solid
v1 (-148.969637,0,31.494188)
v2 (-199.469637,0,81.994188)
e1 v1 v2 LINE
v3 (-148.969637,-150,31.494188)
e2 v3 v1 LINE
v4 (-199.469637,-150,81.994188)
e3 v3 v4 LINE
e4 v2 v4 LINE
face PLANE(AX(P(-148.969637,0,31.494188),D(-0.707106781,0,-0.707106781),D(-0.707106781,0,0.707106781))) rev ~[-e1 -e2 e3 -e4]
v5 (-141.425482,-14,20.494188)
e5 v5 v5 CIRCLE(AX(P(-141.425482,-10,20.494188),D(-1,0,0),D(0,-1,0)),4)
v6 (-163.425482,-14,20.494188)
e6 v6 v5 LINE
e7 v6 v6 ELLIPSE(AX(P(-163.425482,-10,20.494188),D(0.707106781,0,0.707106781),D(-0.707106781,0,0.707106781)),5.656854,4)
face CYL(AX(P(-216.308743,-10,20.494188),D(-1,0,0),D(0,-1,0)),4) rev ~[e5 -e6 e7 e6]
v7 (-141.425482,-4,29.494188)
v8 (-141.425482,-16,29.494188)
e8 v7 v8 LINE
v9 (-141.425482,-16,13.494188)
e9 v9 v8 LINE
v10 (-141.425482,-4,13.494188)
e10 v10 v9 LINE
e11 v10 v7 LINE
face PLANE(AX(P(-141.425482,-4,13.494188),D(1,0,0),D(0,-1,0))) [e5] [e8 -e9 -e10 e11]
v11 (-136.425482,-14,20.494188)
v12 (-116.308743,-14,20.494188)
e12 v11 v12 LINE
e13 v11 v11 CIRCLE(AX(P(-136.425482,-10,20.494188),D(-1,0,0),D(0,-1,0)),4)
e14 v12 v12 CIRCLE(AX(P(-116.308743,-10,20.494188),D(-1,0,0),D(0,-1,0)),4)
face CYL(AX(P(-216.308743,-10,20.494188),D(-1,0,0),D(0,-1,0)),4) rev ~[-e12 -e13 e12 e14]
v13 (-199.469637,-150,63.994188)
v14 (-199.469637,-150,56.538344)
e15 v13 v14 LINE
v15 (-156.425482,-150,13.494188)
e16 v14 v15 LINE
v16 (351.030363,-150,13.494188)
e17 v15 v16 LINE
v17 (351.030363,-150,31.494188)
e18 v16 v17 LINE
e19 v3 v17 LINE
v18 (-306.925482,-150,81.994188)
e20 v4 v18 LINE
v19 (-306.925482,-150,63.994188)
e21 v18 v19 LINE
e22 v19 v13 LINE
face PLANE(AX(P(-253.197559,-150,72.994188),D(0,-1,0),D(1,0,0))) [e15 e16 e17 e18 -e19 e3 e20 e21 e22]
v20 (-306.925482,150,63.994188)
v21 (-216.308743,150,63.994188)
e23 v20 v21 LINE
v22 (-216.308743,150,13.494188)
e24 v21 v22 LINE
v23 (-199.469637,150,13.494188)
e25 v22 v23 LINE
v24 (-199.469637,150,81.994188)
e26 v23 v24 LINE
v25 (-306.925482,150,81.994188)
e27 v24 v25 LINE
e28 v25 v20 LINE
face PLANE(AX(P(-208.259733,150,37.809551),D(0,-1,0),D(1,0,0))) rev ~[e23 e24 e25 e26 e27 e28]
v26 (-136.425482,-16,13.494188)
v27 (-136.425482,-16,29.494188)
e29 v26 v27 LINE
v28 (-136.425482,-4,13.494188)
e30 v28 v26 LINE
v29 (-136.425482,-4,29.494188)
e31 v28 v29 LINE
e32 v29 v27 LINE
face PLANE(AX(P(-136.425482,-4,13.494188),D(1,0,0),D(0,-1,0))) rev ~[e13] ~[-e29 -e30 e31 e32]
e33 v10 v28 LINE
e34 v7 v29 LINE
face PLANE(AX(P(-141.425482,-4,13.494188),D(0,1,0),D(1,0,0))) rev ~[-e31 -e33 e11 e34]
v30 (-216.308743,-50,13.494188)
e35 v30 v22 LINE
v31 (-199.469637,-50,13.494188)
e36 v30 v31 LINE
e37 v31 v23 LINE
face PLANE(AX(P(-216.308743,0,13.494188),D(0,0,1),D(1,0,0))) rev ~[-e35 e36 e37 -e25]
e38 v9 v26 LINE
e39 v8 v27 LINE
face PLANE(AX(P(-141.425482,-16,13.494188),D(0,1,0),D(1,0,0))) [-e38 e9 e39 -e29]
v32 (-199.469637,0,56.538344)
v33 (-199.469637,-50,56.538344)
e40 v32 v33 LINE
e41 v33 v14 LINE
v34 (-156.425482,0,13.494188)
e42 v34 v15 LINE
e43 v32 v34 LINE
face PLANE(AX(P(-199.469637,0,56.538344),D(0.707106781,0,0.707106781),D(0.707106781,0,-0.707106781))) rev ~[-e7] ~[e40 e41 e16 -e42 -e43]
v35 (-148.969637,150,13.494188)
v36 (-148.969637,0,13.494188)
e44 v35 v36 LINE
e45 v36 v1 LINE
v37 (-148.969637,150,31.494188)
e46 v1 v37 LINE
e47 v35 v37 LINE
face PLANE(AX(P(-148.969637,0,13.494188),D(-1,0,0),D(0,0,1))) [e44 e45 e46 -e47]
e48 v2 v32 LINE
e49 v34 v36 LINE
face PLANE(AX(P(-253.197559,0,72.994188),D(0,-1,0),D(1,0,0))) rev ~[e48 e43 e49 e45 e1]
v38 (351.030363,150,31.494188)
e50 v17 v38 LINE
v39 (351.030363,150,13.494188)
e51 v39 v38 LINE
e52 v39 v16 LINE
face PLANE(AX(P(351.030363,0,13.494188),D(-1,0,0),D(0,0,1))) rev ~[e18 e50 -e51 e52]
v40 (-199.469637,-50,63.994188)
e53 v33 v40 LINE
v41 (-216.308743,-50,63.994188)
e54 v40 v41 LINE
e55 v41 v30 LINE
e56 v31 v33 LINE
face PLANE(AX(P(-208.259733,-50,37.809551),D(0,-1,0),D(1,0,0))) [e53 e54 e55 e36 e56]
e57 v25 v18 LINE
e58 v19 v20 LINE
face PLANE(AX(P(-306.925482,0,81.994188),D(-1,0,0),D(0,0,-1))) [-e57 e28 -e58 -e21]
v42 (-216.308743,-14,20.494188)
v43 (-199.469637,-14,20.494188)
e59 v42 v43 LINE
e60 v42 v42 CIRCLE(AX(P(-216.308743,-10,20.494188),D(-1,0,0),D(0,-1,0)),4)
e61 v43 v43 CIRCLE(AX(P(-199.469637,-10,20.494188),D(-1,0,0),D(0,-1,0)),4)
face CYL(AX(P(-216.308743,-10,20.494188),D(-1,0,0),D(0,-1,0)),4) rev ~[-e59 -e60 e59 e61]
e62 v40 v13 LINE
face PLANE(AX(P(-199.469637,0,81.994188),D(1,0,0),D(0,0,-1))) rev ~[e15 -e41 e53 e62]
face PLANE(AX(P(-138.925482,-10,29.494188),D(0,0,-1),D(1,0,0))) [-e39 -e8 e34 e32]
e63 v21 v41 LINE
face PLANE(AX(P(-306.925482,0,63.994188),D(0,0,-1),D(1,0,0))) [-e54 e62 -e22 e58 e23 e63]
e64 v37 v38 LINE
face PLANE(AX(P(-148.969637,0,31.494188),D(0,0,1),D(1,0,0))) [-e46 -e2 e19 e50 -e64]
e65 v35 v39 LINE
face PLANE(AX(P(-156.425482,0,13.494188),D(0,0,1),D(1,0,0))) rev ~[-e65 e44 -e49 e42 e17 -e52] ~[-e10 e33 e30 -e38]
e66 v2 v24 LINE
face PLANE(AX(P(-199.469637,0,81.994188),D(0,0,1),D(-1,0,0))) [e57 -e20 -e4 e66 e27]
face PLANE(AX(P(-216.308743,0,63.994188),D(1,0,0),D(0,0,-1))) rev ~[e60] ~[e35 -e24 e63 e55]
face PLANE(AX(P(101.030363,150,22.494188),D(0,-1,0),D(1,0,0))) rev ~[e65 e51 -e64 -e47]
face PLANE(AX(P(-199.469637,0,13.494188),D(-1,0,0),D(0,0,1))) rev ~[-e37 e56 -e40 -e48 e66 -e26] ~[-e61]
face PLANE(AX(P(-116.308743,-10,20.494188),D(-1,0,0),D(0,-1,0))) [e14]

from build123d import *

# Parameters (mm, degrees)
F0_W          = 500
F0_H          = 18
F1_DEPTH      = 150
F1_DEPTH_BACK = 150
F2_DEPTH      = 150
F3_DEPTH      = 150
F3_DEPTH_BACK = 150
F4_DEPTH      = 150
F4_DEPTH_BACK = 50
F5_R          = 4
F6_DEPTH      = 100
F7_W          = 5
F7_H          = 12
F8_DEPTH      = 16


with BuildPart() as f1:
    # F0 (on Front) → F1 (new body, two sides)
    with BuildSketch(Plane.XZ) as f1_sk:
        with Locations((101.0303625649, 22.4941878617)):
            Rectangle(F0_W, F0_H)
    extrude(amount=-F1_DEPTH)
    extrude(f1_sk.sketch, amount=F1_DEPTH_BACK)

    # F0 (on Front) → F2 (join)
    with BuildSketch(Plane.XZ):
        Polygon((-148.9696374351, 13.4941878617), (-148.9696374351, 31.4941878617), (-199.4696374351, 81.9941878617), (-199.4696374351, 63.9941878617), (-199.4696374351, 56.538343739), (-156.4254815578, 13.4941878617), align=None)
    extrude(amount=F2_DEPTH)

    # F0 (on Front) → F3 (join, two sides)
    with BuildSketch(Plane.XZ) as f3_sk:
        Polygon((-199.4696374351, 63.9941878617), (-199.4696374351, 81.9941878617), (-306.9254815578, 81.9941878617), (-306.9254815578, 63.9941878617), (-216.3087427616, 63.9941878617), (-206.9254815578, 63.9941878617), align=None)
    extrude(amount=F3_DEPTH)
    extrude(f3_sk.sketch, amount=-F3_DEPTH_BACK)

    # F0 (on Front) → F4 (join, two sides)
    with BuildSketch(Plane.XZ) as f4_sk:
        Polygon((-199.4696374351, 13.4941878617), (-199.4696374351, 56.538343739), (-206.9254815578, 63.9941878617), (-216.3087427616, 63.9941878617), (-216.3087427616, 13.4941878617), align=None)
        Polygon((-199.4696374351, 56.538343739), (-199.4696374351, 63.9941878617), (-206.9254815578, 63.9941878617), align=None)
    extrude(amount=-F4_DEPTH)
    extrude(f4_sk.sketch, amount=F4_DEPTH_BACK)

    # F5 (on face) → F6 (cut)
    with BuildSketch(Plane(origin=(-216.3087427616, 0, 0), x_dir=(0, -1, 0), z_dir=(-1, 0, 0))):
        with Locations((10, 20.4941878617)):
            Circle(F5_R)
    extrude(amount=-F6_DEPTH, mode=Mode.SUBTRACT)

    # F7 (on face) → F8 (cut)
    with BuildSketch(Plane(origin=(0, 0, 13.4941878617), x_dir=(1, 0, 0), z_dir=(0, 0, -1))):
        with Locations((-138.9254815578, 10)):
            Rectangle(F7_W, F7_H)
    extrude(amount=-F8_DEPTH, mode=Mode.SUBTRACT)


solid = f1.part
